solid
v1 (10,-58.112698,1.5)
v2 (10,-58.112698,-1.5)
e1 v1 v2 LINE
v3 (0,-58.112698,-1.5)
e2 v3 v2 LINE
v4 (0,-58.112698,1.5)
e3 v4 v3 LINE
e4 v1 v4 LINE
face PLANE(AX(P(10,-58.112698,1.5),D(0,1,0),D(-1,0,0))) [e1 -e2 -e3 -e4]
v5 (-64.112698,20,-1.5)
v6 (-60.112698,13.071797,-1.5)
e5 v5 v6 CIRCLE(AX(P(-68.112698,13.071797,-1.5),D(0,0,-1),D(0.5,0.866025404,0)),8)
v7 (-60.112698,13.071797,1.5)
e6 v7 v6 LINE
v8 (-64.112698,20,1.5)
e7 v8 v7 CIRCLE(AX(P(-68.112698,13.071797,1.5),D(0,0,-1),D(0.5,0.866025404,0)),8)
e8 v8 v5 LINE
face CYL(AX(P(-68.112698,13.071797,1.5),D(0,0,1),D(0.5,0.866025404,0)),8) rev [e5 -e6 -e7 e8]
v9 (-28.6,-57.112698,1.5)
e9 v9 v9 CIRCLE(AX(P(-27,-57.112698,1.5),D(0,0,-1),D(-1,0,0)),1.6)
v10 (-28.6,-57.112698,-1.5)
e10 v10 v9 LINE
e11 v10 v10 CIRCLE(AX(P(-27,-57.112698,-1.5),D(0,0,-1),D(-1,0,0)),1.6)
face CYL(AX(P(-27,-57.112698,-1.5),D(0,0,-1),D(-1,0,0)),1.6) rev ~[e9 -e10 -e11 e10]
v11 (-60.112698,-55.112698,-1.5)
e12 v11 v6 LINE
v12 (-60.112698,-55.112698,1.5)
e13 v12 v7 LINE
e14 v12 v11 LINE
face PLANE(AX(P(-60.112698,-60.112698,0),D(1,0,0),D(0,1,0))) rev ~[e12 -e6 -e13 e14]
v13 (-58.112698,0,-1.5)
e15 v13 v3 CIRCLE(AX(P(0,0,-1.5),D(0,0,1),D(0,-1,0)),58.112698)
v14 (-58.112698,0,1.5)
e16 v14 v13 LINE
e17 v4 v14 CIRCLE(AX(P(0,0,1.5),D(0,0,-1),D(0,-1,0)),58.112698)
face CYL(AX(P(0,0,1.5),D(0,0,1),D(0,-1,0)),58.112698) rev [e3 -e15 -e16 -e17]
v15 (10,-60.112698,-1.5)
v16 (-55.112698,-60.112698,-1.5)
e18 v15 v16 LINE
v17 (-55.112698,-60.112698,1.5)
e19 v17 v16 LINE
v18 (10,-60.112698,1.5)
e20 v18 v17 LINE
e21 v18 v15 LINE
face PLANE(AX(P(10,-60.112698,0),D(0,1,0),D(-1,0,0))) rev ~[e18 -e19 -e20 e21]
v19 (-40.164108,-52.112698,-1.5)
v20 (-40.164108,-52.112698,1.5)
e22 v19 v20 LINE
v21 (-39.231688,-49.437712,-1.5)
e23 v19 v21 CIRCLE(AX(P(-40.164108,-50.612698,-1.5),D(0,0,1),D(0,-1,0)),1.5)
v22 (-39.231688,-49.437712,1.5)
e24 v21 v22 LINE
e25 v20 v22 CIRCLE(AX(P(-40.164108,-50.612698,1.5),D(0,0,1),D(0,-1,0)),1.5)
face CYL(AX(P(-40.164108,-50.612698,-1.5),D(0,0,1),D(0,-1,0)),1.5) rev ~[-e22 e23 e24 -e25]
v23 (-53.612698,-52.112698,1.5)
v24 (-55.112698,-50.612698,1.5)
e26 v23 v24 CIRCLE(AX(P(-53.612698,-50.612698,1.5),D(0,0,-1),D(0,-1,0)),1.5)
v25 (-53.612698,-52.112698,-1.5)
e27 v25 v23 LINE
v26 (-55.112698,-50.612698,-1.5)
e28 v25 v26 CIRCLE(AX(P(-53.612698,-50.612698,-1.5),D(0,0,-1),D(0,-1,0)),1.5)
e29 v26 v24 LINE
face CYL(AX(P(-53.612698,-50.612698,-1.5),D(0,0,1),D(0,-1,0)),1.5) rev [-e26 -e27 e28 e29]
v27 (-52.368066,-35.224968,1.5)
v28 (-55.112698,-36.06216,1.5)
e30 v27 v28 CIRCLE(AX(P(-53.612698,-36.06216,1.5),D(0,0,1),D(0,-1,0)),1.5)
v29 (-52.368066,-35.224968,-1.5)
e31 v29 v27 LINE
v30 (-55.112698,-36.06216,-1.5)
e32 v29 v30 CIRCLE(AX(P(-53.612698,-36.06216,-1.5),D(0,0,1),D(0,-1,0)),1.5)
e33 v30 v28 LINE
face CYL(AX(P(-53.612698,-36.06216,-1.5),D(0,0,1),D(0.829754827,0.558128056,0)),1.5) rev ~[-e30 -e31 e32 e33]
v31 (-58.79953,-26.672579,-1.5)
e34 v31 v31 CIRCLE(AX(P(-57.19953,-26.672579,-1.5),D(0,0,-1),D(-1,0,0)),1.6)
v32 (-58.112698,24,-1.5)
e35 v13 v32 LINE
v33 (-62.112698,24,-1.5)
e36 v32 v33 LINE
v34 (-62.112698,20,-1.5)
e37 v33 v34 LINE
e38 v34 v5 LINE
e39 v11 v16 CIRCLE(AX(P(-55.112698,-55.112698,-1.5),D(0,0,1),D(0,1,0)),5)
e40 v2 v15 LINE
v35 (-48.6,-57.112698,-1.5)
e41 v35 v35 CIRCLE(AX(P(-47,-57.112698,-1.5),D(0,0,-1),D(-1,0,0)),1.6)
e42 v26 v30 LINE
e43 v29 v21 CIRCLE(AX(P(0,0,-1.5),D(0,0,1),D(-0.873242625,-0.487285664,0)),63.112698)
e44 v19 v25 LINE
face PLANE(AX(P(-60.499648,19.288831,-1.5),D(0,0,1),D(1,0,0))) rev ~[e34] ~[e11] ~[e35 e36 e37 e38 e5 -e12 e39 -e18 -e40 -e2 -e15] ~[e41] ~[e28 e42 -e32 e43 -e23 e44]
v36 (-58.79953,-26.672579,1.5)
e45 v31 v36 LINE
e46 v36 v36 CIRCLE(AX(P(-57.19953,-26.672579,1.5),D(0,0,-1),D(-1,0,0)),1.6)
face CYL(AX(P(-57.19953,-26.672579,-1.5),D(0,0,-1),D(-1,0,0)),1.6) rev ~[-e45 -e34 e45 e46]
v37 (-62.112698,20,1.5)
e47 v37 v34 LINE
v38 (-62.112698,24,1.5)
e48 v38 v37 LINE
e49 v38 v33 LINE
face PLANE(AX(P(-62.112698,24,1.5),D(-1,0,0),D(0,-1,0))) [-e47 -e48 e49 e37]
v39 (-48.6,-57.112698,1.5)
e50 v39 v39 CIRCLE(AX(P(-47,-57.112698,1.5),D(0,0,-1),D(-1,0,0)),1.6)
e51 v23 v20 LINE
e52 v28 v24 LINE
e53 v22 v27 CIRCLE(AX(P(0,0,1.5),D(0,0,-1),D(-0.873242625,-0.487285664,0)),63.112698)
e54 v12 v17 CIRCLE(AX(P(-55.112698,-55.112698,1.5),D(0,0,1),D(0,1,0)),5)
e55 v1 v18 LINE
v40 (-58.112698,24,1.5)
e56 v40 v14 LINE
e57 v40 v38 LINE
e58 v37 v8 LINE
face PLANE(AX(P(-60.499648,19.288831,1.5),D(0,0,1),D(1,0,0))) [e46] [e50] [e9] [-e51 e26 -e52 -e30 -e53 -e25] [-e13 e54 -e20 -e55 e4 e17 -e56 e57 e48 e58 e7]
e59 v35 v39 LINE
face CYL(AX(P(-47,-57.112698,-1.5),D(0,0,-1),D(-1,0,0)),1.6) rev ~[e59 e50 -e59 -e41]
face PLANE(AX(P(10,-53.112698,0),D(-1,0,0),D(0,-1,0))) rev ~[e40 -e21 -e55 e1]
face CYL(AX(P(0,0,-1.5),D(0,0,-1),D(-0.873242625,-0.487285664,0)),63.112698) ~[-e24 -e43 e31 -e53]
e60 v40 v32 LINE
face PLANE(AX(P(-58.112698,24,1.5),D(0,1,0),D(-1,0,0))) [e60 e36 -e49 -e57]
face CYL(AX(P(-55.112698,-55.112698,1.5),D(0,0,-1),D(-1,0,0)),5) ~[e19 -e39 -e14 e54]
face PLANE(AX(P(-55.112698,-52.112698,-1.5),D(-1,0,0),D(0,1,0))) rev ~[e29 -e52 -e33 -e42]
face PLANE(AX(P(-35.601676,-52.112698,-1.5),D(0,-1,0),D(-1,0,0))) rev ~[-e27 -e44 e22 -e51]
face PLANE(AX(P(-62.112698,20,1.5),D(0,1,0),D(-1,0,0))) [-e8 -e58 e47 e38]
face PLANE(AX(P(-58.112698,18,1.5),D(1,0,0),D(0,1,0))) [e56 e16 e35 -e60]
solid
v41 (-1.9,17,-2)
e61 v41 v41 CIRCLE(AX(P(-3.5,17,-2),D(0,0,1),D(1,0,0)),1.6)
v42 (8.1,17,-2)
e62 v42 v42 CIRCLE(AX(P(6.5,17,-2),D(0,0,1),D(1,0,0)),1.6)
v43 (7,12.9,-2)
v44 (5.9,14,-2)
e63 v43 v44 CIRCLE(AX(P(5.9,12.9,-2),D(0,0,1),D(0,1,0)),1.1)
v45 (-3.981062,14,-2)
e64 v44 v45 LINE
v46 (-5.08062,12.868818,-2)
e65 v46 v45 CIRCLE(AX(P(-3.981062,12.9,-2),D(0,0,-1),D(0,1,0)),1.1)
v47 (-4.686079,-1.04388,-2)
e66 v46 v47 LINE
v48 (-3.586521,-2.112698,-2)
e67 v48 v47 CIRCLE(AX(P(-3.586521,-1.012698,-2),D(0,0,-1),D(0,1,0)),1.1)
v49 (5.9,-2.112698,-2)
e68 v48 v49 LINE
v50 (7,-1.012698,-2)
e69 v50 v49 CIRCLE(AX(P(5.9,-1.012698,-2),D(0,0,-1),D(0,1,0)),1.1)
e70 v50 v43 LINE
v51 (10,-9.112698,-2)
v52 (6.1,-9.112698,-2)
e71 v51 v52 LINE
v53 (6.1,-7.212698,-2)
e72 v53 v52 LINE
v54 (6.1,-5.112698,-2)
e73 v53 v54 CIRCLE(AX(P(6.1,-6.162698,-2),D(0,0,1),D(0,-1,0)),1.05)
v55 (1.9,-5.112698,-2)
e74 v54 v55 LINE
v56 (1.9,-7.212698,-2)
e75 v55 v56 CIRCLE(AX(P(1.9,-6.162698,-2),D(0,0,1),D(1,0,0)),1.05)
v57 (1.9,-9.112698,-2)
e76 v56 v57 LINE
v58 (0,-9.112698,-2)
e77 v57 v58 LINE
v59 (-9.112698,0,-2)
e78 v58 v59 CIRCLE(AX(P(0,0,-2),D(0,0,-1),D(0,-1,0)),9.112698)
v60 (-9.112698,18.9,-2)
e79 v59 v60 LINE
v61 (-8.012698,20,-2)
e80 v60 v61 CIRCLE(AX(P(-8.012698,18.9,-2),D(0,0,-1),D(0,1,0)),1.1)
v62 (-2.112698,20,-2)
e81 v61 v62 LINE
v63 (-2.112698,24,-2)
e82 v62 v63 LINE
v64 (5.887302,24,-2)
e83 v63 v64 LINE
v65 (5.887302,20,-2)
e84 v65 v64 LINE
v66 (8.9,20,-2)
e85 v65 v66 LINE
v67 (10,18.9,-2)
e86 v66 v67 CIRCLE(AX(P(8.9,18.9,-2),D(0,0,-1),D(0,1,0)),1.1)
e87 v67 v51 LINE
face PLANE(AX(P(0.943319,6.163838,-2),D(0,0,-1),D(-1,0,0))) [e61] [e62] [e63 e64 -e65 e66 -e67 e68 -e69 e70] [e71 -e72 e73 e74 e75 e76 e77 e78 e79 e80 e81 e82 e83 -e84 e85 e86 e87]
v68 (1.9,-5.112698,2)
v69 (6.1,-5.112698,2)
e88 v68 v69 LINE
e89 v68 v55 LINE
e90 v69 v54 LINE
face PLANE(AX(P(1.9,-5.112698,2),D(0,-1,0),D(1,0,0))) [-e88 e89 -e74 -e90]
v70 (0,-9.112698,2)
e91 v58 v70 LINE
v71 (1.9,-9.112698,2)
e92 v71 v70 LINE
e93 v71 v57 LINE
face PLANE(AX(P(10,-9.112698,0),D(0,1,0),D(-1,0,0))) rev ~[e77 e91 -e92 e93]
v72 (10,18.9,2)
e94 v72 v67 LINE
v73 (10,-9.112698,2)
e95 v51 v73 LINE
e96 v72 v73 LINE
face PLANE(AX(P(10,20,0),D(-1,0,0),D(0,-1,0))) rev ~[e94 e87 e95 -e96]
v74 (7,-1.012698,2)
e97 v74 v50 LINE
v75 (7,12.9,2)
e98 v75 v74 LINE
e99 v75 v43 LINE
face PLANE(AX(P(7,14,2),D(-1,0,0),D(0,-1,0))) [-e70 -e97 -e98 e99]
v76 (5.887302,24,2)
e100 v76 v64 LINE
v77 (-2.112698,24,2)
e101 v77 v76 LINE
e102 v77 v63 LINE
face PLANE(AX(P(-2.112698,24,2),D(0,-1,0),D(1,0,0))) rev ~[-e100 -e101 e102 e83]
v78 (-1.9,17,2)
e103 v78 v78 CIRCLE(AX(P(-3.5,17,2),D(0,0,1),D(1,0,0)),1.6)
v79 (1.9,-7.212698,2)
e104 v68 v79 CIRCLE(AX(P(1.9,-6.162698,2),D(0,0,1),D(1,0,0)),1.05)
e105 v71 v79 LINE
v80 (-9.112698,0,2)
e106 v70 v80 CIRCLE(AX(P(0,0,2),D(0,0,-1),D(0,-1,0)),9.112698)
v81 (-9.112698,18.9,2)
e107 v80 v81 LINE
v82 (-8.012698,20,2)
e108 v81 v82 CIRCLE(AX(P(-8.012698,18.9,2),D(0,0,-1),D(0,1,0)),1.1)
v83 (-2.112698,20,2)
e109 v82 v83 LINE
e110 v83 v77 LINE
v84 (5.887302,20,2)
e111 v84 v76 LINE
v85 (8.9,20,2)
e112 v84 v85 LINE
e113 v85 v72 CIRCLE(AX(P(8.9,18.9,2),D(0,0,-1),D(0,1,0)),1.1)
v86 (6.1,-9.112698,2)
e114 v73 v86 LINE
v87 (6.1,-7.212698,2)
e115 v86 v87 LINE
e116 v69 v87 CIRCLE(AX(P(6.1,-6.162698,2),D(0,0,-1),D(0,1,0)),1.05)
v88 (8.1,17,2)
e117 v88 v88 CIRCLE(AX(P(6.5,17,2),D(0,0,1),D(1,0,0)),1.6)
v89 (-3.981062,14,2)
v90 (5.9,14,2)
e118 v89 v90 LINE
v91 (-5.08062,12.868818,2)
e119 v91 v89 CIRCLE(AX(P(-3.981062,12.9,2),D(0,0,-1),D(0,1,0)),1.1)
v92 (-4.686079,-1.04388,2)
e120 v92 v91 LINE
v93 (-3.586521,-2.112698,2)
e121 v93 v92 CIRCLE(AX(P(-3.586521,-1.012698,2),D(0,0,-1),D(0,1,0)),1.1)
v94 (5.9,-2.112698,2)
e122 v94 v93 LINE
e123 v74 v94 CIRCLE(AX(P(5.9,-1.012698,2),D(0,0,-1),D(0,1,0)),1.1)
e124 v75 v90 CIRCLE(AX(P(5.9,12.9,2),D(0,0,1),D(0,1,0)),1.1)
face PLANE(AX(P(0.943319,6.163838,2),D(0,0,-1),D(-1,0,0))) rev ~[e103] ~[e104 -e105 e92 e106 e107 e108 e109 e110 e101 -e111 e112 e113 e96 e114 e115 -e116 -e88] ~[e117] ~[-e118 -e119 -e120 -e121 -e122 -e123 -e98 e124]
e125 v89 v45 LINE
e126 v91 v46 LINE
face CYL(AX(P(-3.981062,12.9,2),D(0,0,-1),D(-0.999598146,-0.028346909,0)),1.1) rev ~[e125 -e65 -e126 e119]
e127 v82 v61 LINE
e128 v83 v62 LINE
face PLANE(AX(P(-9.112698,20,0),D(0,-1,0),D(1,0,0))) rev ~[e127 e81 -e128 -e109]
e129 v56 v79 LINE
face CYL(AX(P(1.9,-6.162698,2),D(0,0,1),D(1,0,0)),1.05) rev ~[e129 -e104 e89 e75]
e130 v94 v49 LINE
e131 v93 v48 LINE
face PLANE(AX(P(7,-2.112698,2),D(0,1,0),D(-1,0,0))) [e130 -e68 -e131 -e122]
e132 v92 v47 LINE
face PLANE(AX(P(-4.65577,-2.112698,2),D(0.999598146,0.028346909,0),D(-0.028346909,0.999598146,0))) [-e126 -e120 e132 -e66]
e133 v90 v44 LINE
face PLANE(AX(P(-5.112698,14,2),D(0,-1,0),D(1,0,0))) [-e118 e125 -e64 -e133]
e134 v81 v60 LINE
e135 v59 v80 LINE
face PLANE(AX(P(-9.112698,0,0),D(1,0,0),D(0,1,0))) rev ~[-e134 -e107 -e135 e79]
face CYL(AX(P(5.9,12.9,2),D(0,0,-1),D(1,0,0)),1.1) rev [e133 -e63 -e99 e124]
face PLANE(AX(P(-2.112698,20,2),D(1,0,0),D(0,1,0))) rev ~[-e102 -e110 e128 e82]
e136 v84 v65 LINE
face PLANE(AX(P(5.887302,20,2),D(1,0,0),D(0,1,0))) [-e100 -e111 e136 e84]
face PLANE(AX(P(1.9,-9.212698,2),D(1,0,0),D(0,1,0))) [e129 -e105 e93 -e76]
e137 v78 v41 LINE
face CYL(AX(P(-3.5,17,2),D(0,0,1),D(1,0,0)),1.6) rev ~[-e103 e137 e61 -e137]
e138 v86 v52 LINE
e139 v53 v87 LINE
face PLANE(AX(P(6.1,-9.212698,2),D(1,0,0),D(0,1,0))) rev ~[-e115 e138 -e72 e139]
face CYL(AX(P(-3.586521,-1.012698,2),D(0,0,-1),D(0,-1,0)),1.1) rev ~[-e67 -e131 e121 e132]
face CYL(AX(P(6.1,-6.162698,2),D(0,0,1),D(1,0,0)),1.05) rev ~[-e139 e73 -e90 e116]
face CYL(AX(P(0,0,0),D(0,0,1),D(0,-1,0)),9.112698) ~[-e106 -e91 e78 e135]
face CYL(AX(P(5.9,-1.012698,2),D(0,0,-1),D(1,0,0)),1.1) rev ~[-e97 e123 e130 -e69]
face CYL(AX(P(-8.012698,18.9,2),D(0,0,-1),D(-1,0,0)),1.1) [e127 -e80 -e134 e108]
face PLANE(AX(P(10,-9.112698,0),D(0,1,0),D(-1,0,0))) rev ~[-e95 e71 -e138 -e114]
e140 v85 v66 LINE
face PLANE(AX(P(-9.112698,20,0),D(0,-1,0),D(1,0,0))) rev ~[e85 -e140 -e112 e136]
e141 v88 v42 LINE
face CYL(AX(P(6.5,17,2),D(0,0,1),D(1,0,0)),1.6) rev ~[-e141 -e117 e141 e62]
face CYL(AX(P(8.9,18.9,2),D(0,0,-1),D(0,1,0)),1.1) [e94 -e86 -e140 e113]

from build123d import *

# Parameters (mm, degrees)
EXTRUDE_1_DEPTH     = 2
EXTRUDE_2_DEPTH     = 1.5
FILLET_1_R          = 5
CUT_EXTRUDE_1_DEPTH = 10
SKETCH_5_R          = 1.6
CUT_EXTRUDE_2_DEPTH = 10
SKETCH_6_W          = 4.2
SKETCH_6_H          = 4.1
CUT_EXTRUDE_3_DEPTH = 10
SKETCH_7_R          = 1.05
CUT_EXTRUDE_4_DEPTH = 10
SKETCH_8_R          = 1.6
CUT_EXTRUDE_5_DEPTH = 10
SKETCH_9_W          = 8
SKETCH_9_H          = 4
EXTRUDE_3_DEPTH     = 4
EXTRUDE_4_DEPTH     = 3
FILLET_2_R          = 1.1
CUT_EXTRUDE_6_DEPTH = 10
FILLET_3_R          = 1.1
SKETCH_14_R         = 1.6
CUT_EXTRUDE_7_DEPTH = 10
CUT_EXTRUDE_8_DEPTH = 10
FILLET_4_R          = 1.5


with BuildPart() as part:
    # 草图1 → 凸台-拉伸1 (new, symmetric)
    with BuildSketch(Plane.XY):
        with BuildLine():
            Line((-9.112698372, 0), (-9.112698372, 20))
            Line((-9.112698372, 20), (10, 20))
            Line((10, 20), (10, -9.112698372))
            Line((10, -9.112698372), (0, -9.112698372))
            ThreePointArc((0, -9.112698372), (-6.443650814, -6.443650814), (-9.112698372, 0))
        make_face()
    extrude(amount=EXTRUDE_1_DEPTH, both=True)

    # 草图6 → 切除-拉伸3 (cut)
    with BuildSketch(Plane.XY.offset(2)):
        with Locations((4, -7.162698372)):
            Rectangle(SKETCH_6_W, SKETCH_6_H)
    extrude(amount=-CUT_EXTRUDE_3_DEPTH, mode=Mode.SUBTRACT)

    # 草图7 → 切除-拉伸4 (cut)
    with BuildSketch(Plane.XY.offset(2)):
        with Locations((1.9, -6.162698372)):
            Circle(SKETCH_7_R)
        with Locations((6.1, -6.162698372)):
            Circle(SKETCH_7_R)
    extrude(amount=-CUT_EXTRUDE_4_DEPTH, mode=Mode.SUBTRACT)

    # 草图8 → 切除-拉伸5 (cut)
    with BuildSketch(Plane.XY.offset(2)):
        with Locations((6.5, 17)):
            Circle(SKETCH_8_R)
        with Locations((-3.5, 17)):
            Circle(SKETCH_8_R)
    extrude(amount=-CUT_EXTRUDE_5_DEPTH, mode=Mode.SUBTRACT)

    # 草图9 → 凸台-拉伸3 (add)
    with BuildSketch(Plane.XY.offset(2)):
        with Locations((1.887301628, 22)):
            Rectangle(SKETCH_9_W, SKETCH_9_H)
    extrude(amount=-EXTRUDE_3_DEPTH)

    # 圆角2
    fillet_2_edges = [part.edges().sort_by_distance(p)[0] for p in [
        (-9.112698372, 20, 0),
        (10, 20, 0),
    ]]
    fillet(fillet_2_edges, radius=FILLET_2_R)

    # 草图12 → 切除-拉伸6 (cut)
    with BuildSketch(Plane.XY.offset(2)):
        Polygon((-5.112698372, 14), (7, 14), (7, -2.112698372), (-4.655769564, -2.112698372), align=None)
    extrude(amount=-CUT_EXTRUDE_6_DEPTH, mode=Mode.SUBTRACT)

    # 圆角3
    fillet_3_edges = [part.edges().sort_by_distance(p)[0] for p in [
        (-4.655769564, -2.112698372, 0),
        (-5.112698372, 14, 0),
        (7, 14, 0),
        (7, -2.112698372, 0),
    ]]
    fillet(fillet_3_edges, radius=FILLET_3_R)


with BuildPart() as body_2:
    # 草图2 → 凸台-拉伸2 (new, symmetric)
    with BuildSketch(Plane.XY):
        with BuildLine():
            Line((0, -53.112698372), (10, -53.112698372))
            Line((10, -53.112698372), (10, -60.112698372))
            Line((10, -60.112698372), (-60.112698372, -60.112698372))
            Line((-60.112698372, -60.112698372), (-60.112698372, 20))
            Line((-60.112698372, 20), (-53.112698372, 20))
            Line((-53.112698372, 20), (-53.112698372, 0))
            ThreePointArc((-53.112698372, 0), (-37.556349186, -37.556349186), (0, -53.112698372))
        make_face()
    extrude(amount=EXTRUDE_2_DEPTH, both=True)

    # 圆角1
    fillet_1_edges = [body_2.edges().sort_by_distance(p)[0] for p in [
        (-60.112698372, -60.112698372, 0),
    ]]
    fillet(fillet_1_edges, radius=FILLET_1_R)

    # 草图4 → 切除-拉伸1 (cut)
    with BuildSketch(Plane.XY.offset(1.5)):
        with BuildLine():
            Line((-58.112698372, 20), (-53.112698372, 20))
            Line((-53.112698372, 20), (-53.112698372, 0))
            ThreePointArc((-53.112698372, 0), (-37.556349186, -37.556349186), (0, -53.112698372))
            Line((0, -53.112698372), (10, -53.112698372))
            Line((10, -53.112698372), (10, -58.112698372))
            Line((10, -58.112698372), (0, -58.112698372))
            ThreePointArc((0, -58.112698372), (-41.091883092, -41.091883092), (-58.112698372, 0))
            Line((-58.112698372, 0), (-58.112698372, 20))
        make_face()
    extrude(amount=-CUT_EXTRUDE_1_DEPTH, mode=Mode.SUBTRACT)

    # 草图5 → 切除-拉伸2 (cut)
    with BuildSketch(Plane(origin=(0, 0, -1.5), x_dir=(-1, 0, 0), z_dir=(0, 0, -1))):
        with Locations((57.199529996, -26.67257888)):
            Circle(SKETCH_5_R)
    extrude(amount=-CUT_EXTRUDE_2_DEPTH, mode=Mode.SUBTRACT)

    # 草图11 → 凸台-拉伸4 (add)
    with BuildSketch(Plane.XY.offset(1.5)):
        with BuildLine():
            Line((-58.112698372, 20), (-58.112698372, 24))
            Line((-58.112698372, 24), (-62.112698372, 24))
            Line((-62.112698372, 24), (-62.112698372, 20))
            Line((-62.112698372, 20), (-64.112698372, 20))
            ThreePointArc((-64.112698372, 20), (-61.184495142, 17.07179677), (-60.112698372, 13.07179677))
            Line((-60.112698372, 13.07179677), (-60.112698372, 18))
            Line((-60.112698372, 18), (-58.112698372, 18))
            Line((-58.112698372, 18), (-58.112698372, 20))
        make_face()
    extrude(amount=-EXTRUDE_4_DEPTH)

    # 草图14 → 切除-拉伸7 (cut)
    with BuildSketch(Plane(origin=(0, 0, -1.5), x_dir=(-1, 0, 0), z_dir=(0, 0, -1))):
        with Locations((47, -57.112698372)):
            Circle(SKETCH_14_R)
        with Locations((27, -57.112698372)):
            Circle(SKETCH_14_R)
    extrude(amount=-CUT_EXTRUDE_7_DEPTH, mode=Mode.SUBTRACT)

    # 草图15 → 切除-拉伸8 (cut)
    with BuildSketch(Plane(origin=(0, 0, -1.5), x_dir=(-1, 0, 0), z_dir=(0, 0, -1))):
        with BuildLine():
            Line((35.601676424, -52.112698372), (55.112698372, -52.112698372))
            Line((55.112698372, -52.112698372), (55.112698372, -30.753913149))
            ThreePointArc((55.112698372, -30.753913149), (46.597466403, -42.566287372), (35.601676424, -52.112698372))
        make_face()
    extrude(amount=-CUT_EXTRUDE_8_DEPTH, mode=Mode.SUBTRACT)

    # 圆角4
    fillet_4_edges = [body_2.edges().sort_by_distance(p)[0] for p in [
        (-35.601676424, -52.112698372, 0),
        (-55.112698372, -30.753913149, 0),
        (-55.112698372, -52.112698372, 0),
    ]]
    fillet(fillet_4_edges, radius=FILLET_4_R)


solid = Compound([part.part, body_2.part])
